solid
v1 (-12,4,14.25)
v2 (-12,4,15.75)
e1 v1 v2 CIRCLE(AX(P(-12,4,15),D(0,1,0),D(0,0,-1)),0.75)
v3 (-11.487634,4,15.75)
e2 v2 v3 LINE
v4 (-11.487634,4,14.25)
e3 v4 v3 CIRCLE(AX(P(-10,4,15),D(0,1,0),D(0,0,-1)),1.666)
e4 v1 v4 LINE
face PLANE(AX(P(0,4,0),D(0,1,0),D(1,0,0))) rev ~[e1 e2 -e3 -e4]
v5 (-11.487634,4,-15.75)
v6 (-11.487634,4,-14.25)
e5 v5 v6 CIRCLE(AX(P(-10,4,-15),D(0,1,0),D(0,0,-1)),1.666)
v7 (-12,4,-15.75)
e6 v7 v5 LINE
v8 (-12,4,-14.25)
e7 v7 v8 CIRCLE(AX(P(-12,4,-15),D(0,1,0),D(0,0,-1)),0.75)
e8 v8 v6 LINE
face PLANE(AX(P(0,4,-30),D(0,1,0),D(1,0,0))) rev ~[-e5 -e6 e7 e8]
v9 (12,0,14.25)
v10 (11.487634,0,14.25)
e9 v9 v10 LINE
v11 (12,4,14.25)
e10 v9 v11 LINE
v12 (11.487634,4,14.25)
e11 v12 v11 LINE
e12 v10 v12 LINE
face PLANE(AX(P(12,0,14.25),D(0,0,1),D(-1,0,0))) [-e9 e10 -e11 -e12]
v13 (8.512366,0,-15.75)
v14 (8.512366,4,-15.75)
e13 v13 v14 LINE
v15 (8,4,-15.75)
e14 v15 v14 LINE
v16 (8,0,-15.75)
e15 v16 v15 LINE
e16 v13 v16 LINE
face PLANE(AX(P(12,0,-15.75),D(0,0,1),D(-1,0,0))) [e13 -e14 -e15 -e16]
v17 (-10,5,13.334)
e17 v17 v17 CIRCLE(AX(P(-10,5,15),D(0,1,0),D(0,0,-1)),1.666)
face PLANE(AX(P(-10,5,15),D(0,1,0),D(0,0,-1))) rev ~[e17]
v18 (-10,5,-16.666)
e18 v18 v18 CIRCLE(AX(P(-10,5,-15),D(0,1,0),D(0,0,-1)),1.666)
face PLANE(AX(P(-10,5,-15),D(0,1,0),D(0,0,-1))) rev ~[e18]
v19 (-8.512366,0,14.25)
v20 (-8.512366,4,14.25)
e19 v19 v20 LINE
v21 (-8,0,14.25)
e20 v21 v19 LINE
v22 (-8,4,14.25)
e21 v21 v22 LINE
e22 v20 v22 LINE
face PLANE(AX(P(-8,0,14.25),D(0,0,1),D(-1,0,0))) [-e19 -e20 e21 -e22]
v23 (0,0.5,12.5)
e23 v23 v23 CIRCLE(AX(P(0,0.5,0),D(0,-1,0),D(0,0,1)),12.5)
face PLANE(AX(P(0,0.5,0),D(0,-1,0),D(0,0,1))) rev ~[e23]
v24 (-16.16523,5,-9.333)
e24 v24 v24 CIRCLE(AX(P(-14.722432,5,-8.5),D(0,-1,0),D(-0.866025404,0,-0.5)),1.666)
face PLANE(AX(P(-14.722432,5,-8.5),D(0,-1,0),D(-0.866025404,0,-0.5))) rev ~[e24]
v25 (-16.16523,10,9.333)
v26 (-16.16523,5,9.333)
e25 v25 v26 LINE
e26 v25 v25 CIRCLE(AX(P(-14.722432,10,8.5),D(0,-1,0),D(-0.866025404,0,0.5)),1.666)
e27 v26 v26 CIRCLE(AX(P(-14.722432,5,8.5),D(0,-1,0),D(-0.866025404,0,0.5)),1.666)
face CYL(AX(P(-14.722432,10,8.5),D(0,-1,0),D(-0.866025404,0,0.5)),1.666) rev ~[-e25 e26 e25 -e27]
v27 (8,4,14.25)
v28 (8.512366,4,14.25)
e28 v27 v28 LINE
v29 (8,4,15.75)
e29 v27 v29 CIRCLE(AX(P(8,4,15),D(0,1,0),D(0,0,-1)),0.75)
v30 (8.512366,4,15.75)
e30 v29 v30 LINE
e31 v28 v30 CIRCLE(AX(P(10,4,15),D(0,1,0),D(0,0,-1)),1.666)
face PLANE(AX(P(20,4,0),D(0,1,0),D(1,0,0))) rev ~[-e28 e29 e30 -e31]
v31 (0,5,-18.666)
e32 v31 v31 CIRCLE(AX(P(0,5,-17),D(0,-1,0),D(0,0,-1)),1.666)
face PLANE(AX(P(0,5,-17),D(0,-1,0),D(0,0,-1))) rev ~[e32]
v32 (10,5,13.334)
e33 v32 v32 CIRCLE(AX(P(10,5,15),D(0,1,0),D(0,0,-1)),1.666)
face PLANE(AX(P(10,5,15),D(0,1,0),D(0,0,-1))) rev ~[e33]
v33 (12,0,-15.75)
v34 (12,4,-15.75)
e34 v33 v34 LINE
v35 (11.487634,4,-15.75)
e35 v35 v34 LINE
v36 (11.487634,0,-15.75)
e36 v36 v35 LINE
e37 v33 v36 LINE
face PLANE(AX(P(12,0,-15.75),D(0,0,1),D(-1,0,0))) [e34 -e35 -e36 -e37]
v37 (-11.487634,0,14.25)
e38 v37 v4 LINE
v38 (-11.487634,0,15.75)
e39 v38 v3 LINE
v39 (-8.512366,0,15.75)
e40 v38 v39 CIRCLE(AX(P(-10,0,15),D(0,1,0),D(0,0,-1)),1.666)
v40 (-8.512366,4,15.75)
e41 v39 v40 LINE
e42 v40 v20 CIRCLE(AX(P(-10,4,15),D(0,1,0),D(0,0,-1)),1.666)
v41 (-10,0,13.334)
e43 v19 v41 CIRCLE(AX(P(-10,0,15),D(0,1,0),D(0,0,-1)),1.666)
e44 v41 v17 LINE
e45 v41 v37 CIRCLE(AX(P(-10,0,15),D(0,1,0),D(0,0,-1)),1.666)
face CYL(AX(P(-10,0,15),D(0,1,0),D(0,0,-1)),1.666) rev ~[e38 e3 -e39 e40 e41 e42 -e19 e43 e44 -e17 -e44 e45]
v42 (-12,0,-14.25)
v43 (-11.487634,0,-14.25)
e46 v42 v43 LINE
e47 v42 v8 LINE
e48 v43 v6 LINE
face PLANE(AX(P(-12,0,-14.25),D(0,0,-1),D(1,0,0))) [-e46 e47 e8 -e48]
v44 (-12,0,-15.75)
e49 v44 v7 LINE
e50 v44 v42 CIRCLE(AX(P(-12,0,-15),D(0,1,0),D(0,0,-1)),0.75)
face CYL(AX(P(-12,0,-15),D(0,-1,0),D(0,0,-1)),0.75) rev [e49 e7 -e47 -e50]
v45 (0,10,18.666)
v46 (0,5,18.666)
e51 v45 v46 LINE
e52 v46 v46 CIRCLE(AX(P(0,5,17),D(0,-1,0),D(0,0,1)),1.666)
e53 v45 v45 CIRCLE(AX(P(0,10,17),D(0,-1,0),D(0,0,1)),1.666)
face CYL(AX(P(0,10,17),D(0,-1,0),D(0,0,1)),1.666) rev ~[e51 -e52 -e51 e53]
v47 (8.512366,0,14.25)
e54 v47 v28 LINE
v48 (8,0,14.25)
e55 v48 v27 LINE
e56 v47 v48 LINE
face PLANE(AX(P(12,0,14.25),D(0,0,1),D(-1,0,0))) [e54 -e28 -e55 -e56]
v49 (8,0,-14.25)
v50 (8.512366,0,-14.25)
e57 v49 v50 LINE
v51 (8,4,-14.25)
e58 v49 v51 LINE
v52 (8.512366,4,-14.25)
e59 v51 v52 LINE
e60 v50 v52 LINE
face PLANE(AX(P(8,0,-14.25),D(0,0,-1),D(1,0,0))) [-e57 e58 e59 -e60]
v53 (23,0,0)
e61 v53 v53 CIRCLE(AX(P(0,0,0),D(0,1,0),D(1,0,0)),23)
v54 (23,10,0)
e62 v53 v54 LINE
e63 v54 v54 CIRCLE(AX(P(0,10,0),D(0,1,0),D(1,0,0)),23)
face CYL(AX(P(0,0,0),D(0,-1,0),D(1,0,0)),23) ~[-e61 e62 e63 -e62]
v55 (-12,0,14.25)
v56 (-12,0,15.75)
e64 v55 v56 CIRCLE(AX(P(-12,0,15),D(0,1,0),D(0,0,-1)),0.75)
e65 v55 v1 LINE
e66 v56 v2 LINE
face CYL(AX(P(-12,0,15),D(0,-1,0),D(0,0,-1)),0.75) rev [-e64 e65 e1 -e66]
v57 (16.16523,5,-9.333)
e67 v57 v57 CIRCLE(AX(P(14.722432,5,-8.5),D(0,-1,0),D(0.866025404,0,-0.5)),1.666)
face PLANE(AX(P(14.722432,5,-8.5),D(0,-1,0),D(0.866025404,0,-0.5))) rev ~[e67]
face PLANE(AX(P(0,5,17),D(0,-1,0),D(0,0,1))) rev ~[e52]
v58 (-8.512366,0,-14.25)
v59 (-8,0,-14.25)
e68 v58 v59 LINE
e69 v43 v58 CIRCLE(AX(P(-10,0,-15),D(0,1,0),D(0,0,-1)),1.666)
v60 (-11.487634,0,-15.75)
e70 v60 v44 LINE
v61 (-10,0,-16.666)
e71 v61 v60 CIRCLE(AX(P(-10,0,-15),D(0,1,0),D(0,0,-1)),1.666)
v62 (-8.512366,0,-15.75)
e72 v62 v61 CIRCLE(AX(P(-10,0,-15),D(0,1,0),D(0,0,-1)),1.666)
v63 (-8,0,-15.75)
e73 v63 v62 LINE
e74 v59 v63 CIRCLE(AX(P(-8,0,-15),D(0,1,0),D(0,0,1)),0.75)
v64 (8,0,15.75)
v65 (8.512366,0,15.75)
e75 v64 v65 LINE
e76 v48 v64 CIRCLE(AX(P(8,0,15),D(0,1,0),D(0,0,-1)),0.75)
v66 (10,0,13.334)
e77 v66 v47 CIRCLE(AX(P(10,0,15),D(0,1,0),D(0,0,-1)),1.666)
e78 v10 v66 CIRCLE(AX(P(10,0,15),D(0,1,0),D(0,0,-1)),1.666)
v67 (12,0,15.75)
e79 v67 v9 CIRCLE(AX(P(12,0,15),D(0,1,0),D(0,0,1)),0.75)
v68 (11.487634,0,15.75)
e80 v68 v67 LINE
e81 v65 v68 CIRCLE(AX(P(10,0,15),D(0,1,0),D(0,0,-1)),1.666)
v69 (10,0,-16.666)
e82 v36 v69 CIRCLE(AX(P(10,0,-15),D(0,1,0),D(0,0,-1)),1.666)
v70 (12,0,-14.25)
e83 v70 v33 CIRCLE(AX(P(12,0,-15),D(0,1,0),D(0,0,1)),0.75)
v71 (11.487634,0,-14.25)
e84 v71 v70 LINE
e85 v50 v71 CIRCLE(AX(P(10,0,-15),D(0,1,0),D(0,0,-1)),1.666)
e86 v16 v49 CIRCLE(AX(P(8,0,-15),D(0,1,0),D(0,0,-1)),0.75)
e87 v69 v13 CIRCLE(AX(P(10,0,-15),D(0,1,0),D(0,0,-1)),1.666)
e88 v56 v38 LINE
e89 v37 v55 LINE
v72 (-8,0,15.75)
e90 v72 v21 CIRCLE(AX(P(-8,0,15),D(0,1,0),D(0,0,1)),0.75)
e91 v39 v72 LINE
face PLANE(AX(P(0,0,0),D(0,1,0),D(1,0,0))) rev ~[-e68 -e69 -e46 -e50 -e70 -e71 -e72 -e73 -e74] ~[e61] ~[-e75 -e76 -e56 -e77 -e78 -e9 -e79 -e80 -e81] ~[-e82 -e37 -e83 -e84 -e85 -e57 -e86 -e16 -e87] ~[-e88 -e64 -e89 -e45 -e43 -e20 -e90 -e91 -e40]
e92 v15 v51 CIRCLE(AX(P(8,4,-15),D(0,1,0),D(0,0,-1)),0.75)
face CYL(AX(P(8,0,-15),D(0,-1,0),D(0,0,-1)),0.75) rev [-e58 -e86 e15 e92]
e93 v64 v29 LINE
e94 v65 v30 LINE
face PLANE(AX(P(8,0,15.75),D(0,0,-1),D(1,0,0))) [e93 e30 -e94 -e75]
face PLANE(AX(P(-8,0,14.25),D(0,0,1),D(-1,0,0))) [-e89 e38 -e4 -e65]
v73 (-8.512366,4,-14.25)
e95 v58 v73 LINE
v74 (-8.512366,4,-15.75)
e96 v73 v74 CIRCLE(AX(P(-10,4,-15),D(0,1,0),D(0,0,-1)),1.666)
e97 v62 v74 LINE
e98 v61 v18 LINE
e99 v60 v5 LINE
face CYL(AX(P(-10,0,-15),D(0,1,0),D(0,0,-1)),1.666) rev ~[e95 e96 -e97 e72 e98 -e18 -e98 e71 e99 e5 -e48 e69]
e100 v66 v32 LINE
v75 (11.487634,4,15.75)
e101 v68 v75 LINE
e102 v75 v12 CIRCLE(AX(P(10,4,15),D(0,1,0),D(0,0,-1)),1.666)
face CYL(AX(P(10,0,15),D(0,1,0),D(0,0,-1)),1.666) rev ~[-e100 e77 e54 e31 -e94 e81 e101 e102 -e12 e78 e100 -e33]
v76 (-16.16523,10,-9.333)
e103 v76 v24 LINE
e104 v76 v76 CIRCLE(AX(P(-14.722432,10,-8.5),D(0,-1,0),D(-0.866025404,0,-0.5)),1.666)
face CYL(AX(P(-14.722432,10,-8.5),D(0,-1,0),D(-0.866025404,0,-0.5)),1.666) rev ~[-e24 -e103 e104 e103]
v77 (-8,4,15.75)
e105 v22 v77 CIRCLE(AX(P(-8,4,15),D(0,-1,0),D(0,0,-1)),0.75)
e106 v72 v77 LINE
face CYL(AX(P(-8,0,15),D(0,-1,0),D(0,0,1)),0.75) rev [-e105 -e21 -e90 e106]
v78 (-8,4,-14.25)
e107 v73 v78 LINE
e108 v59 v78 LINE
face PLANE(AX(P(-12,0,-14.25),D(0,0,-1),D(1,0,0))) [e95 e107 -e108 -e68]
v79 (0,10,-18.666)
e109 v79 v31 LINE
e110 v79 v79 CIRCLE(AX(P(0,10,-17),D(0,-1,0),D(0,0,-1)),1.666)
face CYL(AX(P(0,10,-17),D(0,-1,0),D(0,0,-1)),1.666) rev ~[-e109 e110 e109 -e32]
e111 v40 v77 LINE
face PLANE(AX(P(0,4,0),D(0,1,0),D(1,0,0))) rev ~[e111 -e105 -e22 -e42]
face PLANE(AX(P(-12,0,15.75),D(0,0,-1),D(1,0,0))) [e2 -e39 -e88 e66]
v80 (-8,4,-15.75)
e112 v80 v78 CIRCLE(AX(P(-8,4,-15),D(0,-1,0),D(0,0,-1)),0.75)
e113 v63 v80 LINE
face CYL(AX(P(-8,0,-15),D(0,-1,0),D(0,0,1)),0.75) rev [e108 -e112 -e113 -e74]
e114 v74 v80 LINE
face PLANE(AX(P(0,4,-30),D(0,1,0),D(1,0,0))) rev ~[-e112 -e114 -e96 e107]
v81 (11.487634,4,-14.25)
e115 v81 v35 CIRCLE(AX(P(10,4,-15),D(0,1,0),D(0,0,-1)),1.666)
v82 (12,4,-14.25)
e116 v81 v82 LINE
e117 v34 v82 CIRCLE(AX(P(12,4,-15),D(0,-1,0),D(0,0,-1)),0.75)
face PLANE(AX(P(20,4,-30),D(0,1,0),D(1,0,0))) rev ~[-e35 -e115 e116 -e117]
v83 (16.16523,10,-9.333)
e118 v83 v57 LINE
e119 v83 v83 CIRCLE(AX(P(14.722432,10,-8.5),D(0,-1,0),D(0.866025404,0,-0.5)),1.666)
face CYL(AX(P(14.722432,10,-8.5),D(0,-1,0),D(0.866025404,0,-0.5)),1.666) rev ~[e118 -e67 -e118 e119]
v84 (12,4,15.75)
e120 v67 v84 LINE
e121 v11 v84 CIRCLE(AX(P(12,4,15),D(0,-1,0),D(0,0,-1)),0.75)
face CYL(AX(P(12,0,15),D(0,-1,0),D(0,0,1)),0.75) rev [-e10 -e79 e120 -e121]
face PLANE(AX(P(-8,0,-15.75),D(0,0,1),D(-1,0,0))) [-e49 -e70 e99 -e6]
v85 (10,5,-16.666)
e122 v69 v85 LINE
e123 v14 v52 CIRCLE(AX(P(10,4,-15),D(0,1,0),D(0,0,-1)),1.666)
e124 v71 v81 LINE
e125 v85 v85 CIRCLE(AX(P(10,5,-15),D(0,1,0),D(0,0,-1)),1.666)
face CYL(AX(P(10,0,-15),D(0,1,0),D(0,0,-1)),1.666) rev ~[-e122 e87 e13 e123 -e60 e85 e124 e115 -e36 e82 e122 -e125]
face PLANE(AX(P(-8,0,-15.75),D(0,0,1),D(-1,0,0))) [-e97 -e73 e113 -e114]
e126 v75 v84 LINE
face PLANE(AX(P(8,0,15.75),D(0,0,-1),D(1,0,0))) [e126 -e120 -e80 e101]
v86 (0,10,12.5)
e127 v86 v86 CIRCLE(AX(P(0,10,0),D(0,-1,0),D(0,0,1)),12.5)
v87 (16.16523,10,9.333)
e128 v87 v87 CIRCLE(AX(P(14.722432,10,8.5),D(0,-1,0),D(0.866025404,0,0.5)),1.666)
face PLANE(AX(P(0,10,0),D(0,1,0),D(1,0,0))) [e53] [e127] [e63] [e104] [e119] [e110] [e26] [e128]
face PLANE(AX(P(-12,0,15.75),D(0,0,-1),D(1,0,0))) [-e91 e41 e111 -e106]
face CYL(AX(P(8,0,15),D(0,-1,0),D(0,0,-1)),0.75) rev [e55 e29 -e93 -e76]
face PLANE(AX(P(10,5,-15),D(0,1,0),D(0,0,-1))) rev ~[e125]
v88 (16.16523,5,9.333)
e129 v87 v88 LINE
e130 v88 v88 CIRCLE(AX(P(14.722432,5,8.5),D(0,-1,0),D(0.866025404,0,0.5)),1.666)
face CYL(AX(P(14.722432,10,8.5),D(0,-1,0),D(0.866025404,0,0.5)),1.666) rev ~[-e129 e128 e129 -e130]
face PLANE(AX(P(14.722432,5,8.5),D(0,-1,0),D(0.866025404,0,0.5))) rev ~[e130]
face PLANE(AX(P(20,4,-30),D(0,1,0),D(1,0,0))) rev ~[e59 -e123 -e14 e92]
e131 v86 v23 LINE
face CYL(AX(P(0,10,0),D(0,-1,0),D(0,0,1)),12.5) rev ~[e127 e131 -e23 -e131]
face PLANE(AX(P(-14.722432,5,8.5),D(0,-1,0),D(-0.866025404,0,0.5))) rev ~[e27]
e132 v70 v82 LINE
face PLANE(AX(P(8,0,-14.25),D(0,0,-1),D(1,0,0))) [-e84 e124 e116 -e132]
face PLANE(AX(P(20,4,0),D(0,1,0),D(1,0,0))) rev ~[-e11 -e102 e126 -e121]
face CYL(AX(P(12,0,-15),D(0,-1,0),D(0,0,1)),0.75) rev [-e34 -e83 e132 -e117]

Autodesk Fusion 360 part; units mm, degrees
sketch "Sketch1" plane through (0, 0, 0) normal (0, 1, 0) x (1, 0, 0)
  circle A0 centre (0, 0) radius 23
  line L0 (-10, -15) -> (10, -15)
  line L1 (10, -15) -> (10, 15)
  line L2 (10, 15) -> (-10, 15)
  line L3 (-10, 15) -> (-10, -15)
  line L4 (1.75, 0) -> (22.5, 0) construction
  line L5 (0, -1.75) -> (0, -22.5) construction
  line L6 (-8, -14.25) -> (-12, -14.25)
  arc A1 (-12, -14.25) -> (-12, -15.75) centre (-12, -15) ccw
  line L7 (-12, -15.75) -> (-8, -15.75)
  arc A2 (-8, -15.75) -> (-8, -14.25) centre (-8, -15) ccw
  line L8 (-8, -15) -> (-12, -15) construction
  point P0 (-10, -15)
  point P1 (10, -15)
  point P2 (10, 15)
  point P3 (-10, 15)
  point P4 (-10, -15)
  point P5 (0, -17)
  dimension "d1" = 46
  dimension "d8" = 20
  dimension "d9" = 30
  dimension "d10" = 4
  dimension "d11" = 1.5
  dimension "d21" = 17
extrude "Extrude1" add sketch "Sketch1" along normal blind 10 contours A0 | L0 L3 L6 A2 | L0 L3 L6 A1 L7 A2 | L0 L1 L2 L3 L6 A2
hole "Hole1" at (0, 10, 0) direction (0, -1, 0) diameter 25 depth 9.5 tip angle 180
hole "Hole2" at (-10, 0, 15) direction (0, 1, 0) diameter 3.332 depth 5 tip angle 180
extrude "Extrude2" cut sketch "Sketch1" along normal blind 4 contours L0 L3 L6 A2 | L0 L3 L6 A1 L7 A2
pattern_linear "R-Pattern1" count 2 spacing 20 along (1, 0, 0) count 2 spacing 30 along (0, 0, -1) of "Extrude2", "Hole2"
sketch "Sketch2" plane through (0, 10, 0) normal (0, 1, 0) x (-1, 0, 0)
  circle A0 centre (0, 0) radius 12.5
  circle A1 centre (0, 0) radius 23
  point P0 (0, 17)
hole "Hole3" at (0, 10, 17) direction (0, -1, 0) diameter 3.332 depth 5 tip angle 180
pattern_circular "C-Pattern1" count 6 over 360 about axis through (0, 1.75, 0) along (0, 1, 0) of "Hole3"
